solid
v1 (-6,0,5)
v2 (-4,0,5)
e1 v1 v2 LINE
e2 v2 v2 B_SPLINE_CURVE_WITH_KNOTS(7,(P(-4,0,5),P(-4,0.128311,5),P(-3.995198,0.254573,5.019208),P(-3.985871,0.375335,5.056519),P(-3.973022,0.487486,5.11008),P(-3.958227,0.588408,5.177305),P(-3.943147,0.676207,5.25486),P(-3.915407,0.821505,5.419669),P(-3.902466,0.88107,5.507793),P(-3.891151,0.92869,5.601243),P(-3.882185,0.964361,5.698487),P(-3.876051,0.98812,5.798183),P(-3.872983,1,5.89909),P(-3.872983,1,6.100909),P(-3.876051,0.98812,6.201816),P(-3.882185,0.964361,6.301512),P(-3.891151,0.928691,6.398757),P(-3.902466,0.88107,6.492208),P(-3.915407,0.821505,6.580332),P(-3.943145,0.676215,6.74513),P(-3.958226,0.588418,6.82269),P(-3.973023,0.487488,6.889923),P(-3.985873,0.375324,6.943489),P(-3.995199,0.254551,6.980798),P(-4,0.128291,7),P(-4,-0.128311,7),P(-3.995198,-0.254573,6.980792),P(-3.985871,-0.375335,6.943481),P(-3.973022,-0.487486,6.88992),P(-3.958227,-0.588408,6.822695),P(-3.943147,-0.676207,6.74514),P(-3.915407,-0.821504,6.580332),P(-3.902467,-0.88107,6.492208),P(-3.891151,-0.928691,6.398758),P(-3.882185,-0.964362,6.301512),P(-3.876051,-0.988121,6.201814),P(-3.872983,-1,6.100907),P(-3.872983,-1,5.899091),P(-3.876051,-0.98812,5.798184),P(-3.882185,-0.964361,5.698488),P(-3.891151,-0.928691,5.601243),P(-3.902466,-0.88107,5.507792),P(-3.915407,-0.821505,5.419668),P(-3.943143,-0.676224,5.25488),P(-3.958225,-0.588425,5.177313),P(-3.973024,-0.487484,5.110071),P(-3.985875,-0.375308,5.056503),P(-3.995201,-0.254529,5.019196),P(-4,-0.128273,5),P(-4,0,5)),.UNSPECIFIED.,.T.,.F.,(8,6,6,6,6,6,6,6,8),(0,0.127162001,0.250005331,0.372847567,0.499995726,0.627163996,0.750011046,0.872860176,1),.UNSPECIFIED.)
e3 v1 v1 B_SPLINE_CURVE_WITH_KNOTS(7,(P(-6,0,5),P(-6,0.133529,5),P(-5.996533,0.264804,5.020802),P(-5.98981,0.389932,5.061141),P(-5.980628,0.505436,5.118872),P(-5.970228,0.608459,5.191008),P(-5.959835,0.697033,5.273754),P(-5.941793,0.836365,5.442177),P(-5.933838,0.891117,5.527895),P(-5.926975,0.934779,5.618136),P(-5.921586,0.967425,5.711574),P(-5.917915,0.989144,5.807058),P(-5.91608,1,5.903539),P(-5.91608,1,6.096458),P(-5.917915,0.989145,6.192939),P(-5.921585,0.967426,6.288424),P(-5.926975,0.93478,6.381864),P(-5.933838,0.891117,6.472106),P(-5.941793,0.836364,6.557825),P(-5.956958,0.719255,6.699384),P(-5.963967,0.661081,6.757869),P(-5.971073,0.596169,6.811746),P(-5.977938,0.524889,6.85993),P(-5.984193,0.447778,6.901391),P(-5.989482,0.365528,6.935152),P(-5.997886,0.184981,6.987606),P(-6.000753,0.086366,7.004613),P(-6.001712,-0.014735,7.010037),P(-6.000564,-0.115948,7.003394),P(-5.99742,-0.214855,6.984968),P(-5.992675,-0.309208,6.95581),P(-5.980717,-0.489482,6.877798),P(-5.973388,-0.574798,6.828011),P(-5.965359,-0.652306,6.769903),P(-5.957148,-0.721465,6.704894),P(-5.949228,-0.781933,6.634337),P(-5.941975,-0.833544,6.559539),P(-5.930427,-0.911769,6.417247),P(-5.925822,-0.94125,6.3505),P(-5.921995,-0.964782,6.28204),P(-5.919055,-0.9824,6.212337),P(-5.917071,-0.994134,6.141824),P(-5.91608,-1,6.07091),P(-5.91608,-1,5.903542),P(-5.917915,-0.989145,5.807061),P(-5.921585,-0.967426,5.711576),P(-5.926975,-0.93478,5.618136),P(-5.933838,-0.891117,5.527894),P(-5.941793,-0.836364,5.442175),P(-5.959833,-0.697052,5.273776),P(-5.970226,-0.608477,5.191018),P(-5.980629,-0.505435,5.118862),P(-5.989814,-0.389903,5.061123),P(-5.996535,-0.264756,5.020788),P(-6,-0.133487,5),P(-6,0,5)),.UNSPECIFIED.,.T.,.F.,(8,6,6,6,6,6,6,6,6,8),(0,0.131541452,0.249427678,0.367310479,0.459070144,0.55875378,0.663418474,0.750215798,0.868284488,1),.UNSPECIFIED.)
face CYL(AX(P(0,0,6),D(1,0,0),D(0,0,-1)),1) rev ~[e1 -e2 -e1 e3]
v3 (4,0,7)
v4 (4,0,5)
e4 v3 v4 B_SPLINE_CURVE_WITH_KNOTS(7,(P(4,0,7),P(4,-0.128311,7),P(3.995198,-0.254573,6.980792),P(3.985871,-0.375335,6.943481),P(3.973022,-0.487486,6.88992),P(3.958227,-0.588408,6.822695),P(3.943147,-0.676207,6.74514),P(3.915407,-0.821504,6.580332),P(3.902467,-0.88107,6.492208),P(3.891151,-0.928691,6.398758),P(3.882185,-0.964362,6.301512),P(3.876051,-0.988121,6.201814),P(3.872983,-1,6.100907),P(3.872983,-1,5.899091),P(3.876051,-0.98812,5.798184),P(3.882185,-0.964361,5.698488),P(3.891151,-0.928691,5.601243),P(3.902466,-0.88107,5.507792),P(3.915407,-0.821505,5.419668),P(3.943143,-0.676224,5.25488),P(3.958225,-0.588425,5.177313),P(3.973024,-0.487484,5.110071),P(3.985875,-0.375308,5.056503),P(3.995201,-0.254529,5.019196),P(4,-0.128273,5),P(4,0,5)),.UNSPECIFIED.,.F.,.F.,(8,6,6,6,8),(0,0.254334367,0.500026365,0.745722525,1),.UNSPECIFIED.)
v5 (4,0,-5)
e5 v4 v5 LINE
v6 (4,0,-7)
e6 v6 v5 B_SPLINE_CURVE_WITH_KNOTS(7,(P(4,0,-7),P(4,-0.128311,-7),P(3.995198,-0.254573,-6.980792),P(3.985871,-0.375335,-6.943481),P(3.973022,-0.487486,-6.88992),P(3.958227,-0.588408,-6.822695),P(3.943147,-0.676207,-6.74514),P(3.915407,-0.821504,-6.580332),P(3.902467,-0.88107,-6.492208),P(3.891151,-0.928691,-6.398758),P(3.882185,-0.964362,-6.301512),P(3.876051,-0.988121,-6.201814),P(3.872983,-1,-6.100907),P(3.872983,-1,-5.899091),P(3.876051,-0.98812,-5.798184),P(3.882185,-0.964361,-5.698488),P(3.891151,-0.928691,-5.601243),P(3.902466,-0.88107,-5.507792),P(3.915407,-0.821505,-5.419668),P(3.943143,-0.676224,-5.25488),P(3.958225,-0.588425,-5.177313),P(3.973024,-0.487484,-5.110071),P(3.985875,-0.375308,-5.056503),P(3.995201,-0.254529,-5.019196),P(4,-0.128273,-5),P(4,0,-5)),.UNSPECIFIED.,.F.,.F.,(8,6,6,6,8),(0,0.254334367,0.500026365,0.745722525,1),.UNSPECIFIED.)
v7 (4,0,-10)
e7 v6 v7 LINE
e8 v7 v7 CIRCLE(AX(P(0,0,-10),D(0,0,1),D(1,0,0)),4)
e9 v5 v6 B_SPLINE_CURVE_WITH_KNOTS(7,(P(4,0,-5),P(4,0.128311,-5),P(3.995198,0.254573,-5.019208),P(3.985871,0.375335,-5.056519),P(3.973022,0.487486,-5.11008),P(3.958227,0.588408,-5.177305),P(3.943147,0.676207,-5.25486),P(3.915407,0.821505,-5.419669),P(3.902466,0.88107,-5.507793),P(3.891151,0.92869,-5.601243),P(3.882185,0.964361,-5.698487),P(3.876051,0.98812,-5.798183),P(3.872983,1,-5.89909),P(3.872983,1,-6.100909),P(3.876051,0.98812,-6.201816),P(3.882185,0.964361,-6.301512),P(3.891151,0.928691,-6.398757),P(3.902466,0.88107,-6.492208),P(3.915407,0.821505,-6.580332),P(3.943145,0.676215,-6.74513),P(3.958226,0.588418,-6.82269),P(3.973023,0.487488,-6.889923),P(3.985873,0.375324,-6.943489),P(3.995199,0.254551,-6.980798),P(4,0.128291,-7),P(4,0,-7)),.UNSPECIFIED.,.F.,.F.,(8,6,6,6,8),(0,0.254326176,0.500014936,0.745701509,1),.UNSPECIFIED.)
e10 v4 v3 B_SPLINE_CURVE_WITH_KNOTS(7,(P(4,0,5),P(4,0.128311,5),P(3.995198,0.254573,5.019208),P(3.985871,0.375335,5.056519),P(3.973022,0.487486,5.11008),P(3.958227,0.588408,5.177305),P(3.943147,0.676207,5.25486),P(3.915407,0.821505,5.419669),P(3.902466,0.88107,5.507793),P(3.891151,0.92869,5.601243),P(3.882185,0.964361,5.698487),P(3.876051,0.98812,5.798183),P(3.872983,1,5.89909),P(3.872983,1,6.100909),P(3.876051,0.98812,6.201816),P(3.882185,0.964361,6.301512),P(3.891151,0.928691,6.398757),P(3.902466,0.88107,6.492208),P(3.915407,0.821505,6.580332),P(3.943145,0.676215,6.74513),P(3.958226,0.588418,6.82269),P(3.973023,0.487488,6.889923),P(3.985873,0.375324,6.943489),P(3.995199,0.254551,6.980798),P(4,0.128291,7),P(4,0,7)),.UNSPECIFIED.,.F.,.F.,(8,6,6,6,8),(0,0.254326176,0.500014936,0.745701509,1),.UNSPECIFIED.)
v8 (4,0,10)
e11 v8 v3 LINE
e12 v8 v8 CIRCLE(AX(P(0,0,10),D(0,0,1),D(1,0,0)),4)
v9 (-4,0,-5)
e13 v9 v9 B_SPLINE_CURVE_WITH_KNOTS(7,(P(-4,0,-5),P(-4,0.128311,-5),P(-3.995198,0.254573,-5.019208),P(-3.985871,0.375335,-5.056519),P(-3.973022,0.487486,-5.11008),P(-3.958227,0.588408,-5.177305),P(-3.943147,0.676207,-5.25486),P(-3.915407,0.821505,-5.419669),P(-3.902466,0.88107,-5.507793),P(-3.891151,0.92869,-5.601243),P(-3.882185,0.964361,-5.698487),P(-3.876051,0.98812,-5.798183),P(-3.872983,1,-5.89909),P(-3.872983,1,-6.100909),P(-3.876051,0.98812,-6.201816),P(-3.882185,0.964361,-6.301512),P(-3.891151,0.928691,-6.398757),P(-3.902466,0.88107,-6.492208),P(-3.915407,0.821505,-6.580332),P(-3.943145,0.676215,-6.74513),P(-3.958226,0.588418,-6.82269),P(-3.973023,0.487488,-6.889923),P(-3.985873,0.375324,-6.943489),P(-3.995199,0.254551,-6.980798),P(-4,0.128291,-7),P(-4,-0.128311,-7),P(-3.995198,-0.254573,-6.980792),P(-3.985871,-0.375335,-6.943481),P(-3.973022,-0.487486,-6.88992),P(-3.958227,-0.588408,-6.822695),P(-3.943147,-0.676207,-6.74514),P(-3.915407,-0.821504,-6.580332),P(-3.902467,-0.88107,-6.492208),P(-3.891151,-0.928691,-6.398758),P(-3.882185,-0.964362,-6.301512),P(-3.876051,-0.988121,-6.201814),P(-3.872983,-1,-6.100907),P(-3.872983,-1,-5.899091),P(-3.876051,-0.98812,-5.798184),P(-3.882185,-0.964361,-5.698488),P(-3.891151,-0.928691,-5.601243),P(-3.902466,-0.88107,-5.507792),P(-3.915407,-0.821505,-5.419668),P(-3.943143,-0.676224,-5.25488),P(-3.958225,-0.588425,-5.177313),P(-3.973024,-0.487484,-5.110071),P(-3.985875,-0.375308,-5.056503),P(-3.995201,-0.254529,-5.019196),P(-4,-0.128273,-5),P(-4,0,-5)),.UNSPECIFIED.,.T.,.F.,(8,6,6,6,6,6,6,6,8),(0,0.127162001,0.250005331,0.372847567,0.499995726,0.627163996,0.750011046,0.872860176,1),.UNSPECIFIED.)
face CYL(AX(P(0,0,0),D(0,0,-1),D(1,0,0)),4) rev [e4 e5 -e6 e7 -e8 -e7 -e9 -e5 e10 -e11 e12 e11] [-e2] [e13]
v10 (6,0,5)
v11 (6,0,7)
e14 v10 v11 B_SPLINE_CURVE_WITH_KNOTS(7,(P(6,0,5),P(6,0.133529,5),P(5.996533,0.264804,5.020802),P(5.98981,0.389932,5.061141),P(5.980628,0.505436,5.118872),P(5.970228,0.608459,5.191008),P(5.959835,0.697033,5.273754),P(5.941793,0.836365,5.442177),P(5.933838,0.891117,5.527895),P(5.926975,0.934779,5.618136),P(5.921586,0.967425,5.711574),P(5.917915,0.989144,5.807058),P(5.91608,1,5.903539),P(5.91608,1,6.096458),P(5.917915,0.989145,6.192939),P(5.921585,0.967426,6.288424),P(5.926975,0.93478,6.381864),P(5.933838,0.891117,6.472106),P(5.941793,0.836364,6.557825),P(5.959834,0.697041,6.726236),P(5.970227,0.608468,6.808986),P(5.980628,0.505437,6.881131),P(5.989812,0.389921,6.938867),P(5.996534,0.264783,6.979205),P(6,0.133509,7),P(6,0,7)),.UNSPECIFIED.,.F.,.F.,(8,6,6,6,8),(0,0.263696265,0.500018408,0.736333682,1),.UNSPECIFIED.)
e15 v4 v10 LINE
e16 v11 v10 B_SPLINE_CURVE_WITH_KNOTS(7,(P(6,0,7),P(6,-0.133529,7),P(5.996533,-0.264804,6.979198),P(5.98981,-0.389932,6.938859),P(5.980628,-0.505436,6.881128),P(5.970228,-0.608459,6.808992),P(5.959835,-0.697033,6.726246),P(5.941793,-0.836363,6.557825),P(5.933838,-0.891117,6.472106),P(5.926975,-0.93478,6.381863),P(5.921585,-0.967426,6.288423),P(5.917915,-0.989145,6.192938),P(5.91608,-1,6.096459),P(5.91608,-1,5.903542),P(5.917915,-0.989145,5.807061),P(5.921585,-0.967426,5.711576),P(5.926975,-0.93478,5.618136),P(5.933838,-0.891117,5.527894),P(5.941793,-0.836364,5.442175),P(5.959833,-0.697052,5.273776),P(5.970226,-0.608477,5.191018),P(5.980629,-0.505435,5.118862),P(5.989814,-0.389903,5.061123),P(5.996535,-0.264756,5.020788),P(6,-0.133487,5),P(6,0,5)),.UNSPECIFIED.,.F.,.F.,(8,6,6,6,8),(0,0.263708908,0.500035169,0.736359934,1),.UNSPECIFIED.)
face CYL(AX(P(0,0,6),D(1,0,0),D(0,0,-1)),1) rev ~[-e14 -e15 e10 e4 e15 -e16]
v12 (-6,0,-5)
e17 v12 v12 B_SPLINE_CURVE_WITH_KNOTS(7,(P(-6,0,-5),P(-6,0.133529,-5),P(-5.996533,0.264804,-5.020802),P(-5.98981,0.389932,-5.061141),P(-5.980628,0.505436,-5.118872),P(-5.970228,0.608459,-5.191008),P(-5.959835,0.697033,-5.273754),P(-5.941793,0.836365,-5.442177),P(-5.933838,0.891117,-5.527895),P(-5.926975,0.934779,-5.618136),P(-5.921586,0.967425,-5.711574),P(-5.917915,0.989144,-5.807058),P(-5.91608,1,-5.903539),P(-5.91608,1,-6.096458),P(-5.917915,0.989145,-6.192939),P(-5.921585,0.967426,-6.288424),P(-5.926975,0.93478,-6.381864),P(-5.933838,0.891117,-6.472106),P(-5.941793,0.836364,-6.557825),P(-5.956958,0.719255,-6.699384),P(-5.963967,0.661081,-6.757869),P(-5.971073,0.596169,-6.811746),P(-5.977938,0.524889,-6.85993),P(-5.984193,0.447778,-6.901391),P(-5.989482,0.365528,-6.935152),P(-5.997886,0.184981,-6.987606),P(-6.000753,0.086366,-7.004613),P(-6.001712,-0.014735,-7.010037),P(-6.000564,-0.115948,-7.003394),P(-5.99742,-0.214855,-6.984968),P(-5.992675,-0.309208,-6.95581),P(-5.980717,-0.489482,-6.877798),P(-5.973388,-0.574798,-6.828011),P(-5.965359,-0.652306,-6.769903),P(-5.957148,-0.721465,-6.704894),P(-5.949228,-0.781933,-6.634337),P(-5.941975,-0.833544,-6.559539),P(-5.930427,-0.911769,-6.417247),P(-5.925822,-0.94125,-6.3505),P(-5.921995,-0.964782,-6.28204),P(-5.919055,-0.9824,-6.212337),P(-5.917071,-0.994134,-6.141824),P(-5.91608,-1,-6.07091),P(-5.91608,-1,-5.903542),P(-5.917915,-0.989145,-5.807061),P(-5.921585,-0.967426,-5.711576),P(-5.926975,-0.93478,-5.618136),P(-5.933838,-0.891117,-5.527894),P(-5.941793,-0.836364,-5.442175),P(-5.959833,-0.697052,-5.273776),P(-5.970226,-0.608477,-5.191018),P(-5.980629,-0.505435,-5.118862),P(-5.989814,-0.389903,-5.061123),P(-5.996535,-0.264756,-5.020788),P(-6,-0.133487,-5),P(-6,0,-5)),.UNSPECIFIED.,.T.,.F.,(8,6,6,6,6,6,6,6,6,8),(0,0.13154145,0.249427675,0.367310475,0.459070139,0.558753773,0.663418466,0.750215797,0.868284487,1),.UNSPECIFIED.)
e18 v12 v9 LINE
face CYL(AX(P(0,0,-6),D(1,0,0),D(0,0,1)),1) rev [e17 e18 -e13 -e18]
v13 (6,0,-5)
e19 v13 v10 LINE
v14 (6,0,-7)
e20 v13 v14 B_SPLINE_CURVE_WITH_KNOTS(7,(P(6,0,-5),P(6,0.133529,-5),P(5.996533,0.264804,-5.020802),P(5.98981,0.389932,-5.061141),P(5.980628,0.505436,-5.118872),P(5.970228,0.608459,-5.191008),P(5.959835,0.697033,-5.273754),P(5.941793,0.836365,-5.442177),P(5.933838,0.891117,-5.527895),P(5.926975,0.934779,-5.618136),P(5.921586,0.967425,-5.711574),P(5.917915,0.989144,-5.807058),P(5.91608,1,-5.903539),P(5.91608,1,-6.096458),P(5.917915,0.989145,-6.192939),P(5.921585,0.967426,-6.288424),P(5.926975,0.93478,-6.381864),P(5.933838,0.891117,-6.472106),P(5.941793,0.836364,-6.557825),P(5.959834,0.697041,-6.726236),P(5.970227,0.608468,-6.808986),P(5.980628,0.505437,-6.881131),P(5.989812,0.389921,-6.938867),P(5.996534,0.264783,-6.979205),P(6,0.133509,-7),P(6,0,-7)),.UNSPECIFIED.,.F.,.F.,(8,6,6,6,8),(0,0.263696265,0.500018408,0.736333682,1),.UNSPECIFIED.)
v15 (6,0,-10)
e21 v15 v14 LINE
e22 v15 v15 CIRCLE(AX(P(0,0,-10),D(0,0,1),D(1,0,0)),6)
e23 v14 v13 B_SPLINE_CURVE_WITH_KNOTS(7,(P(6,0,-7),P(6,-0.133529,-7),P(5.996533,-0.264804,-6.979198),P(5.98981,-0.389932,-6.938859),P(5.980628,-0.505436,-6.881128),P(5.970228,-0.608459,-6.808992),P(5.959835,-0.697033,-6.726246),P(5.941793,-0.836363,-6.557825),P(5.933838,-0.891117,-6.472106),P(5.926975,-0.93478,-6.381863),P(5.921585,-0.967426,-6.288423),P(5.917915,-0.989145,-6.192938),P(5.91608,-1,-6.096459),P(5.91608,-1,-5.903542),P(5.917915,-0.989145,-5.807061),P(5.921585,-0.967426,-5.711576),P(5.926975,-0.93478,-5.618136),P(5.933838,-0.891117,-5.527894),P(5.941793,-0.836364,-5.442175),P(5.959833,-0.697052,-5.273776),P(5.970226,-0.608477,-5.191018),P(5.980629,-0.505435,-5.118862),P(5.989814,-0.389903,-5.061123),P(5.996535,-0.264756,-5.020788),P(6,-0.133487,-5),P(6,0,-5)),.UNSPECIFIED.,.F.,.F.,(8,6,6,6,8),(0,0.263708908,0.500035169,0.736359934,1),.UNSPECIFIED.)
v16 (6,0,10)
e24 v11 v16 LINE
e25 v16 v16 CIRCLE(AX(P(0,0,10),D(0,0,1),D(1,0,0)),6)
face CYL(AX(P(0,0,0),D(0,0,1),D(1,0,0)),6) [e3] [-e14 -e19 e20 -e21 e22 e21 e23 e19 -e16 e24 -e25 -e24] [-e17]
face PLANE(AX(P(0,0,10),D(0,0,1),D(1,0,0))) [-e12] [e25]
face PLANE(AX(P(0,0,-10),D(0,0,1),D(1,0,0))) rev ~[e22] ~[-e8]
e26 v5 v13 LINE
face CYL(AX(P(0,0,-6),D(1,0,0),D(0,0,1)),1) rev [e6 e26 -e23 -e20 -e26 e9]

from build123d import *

# Parameters (mm, degrees)
SKETCH1_R           = 6
SKETCH1_R_2         = 4
BOSS_EXTRUDE1_DEPTH = 10
SKETCH2_R           = 1
CUT_EXTRUDE1_DEPTH  = 10


with BuildPart() as part:
    # Sketch1 → Boss-Extrude1 (new, symmetric)
    with BuildSketch(Plane.XY):
        Circle(SKETCH1_R)
        Circle(SKETCH1_R_2, mode=Mode.SUBTRACT)
    extrude(amount=BOSS_EXTRUDE1_DEPTH, both=True)

    # Sketch2 → Cut-Extrude1 (cut, symmetric)
    with BuildSketch(Plane(origin=(0, 0, 0), x_dir=(0, 0, -1), z_dir=(1, 0, 0))):
        with Locations((-6, 0)):
            Circle(SKETCH2_R)
    cut_extrude1 = extrude(amount=CUT_EXTRUDE1_DEPTH, both=True, mode=Mode.SUBTRACT)

    # Mirror1: Cut-Extrude1 across plane
    add(cut_extrude1.mirror(Plane.XY), mode=Mode.SUBTRACT)


solid = part.part
